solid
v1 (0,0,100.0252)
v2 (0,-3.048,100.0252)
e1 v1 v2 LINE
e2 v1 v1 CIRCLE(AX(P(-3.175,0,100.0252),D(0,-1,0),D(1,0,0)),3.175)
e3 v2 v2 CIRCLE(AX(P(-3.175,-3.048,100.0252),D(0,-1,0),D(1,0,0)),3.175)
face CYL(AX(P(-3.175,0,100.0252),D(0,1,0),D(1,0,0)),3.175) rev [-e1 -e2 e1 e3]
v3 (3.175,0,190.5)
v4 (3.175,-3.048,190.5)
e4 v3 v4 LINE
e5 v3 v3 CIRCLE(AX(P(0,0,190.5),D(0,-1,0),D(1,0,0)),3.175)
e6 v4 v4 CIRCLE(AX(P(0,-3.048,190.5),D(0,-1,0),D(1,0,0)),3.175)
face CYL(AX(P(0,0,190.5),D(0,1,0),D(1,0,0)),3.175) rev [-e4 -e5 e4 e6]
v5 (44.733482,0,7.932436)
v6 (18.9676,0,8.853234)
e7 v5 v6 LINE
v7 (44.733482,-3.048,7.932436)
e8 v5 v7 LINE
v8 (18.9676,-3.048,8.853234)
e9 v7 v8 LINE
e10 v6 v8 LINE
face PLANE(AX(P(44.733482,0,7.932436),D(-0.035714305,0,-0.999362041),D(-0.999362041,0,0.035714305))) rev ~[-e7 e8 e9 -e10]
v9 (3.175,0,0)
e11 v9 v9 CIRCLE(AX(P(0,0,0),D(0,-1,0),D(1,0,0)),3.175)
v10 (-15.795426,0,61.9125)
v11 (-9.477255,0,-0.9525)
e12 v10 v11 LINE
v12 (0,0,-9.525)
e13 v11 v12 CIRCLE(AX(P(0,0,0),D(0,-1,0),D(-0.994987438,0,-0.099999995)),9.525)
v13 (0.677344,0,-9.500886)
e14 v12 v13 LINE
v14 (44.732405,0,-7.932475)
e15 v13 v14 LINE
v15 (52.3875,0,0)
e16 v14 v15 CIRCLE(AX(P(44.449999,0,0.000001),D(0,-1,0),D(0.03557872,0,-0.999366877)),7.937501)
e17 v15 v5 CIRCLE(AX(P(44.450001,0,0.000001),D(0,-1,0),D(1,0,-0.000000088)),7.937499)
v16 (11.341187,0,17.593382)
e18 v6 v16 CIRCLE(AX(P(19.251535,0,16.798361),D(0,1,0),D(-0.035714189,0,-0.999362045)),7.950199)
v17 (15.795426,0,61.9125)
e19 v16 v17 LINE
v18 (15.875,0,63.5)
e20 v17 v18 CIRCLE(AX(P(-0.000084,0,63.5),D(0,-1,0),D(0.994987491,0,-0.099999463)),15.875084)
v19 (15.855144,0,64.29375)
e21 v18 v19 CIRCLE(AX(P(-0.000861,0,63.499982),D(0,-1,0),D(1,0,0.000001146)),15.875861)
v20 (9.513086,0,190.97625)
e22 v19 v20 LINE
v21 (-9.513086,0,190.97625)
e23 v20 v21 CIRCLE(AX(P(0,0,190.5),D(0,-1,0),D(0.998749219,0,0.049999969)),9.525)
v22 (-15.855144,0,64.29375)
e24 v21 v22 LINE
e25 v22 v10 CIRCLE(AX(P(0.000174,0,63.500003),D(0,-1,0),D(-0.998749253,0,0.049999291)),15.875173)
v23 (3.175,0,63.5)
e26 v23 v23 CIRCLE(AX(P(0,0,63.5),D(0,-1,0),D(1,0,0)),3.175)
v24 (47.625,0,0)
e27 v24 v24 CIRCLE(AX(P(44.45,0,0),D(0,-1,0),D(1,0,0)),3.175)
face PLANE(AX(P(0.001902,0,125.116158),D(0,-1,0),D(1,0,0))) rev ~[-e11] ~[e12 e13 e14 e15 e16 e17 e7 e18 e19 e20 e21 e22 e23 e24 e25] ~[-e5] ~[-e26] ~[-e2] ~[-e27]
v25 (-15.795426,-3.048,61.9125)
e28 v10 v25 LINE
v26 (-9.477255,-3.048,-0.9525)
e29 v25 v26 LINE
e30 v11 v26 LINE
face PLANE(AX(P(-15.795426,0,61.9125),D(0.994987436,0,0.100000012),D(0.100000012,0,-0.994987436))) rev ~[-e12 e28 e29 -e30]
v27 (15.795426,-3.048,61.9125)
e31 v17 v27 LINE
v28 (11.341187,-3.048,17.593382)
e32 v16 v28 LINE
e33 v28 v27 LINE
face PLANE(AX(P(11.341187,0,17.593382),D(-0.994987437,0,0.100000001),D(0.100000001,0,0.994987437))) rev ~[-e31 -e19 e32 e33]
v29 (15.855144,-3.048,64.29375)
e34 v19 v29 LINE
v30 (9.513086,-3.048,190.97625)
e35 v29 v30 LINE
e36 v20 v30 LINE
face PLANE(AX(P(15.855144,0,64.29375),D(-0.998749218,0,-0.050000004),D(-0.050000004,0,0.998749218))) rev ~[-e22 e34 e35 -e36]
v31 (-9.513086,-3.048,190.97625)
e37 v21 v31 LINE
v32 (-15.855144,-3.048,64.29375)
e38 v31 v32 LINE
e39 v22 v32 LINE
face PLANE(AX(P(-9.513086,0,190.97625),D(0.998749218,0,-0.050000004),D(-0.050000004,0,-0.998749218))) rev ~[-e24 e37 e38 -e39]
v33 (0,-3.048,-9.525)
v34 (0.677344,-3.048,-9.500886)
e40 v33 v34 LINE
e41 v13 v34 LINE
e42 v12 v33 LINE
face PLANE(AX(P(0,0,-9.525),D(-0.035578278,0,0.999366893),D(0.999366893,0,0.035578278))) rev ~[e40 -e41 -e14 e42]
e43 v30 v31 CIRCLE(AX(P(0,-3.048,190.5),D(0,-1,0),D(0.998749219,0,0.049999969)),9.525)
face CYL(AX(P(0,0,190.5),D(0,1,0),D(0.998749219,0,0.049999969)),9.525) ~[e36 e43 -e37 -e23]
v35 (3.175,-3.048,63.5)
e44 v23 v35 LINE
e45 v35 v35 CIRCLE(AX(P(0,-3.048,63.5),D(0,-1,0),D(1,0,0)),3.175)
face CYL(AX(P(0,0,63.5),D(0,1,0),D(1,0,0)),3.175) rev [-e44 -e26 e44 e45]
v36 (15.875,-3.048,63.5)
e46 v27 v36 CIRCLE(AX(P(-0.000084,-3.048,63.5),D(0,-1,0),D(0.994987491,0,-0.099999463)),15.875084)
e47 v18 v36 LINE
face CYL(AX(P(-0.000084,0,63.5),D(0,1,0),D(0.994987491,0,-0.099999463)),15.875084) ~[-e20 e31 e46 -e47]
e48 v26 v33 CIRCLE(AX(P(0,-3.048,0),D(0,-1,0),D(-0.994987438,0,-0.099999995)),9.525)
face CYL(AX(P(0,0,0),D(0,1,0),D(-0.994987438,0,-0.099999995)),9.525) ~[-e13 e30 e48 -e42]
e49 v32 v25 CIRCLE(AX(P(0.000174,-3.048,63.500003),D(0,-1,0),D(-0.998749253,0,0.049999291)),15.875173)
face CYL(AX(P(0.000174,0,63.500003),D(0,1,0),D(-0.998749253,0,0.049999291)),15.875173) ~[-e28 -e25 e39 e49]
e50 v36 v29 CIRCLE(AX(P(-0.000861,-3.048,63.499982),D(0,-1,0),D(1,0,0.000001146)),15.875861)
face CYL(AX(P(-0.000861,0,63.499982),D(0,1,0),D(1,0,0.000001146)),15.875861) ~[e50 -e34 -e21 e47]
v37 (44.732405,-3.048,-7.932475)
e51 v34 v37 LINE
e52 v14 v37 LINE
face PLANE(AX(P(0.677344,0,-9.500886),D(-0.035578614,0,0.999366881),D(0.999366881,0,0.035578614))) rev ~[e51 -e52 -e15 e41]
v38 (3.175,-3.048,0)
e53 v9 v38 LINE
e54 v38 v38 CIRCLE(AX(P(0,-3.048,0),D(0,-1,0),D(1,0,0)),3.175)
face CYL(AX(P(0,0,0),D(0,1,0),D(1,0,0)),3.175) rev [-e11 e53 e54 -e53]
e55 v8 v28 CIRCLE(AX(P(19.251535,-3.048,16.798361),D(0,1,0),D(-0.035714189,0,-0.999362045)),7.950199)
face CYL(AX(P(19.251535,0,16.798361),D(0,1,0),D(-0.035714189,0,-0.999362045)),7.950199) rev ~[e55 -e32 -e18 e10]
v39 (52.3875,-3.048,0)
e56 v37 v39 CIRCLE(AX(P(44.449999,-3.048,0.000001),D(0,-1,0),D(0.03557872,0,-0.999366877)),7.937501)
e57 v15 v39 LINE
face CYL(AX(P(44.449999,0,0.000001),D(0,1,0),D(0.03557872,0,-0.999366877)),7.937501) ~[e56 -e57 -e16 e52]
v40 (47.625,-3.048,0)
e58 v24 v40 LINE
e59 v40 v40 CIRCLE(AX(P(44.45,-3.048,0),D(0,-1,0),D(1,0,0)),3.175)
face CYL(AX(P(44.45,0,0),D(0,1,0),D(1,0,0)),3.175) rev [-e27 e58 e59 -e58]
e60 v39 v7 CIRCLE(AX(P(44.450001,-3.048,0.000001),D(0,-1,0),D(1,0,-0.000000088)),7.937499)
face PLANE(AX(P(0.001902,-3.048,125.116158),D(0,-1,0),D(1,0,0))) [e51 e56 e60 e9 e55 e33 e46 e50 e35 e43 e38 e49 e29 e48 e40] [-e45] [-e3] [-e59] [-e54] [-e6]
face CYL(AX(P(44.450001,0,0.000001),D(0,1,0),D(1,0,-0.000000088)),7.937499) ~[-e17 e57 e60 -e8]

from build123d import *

# Parameters (mm, degrees)
F0_R     = 3.175
F1_DEPTH = 3.048


with BuildPart() as f1:
    # F0 (on Front) → F1 (new body)
    with BuildSketch(Plane.XZ):
        with BuildLine():
            Line((-9.513086, 190.97625), (-15.855144, 64.29375))
            ThreePointArc((-15.855144, 64.29375), (0, 79.375), (15.855144, 64.29375))
            Line((15.855144, 64.29375), (9.513086, 190.97625))
            ThreePointArc((9.513086, 190.97625), (9.522021, 190.738199), (9.525, 190.5))
            ThreePointArc((9.525, 190.5), (-0.238199, 180.977979), (-9.513086, 190.97625))
        make_face()
        with Locations((-3.175, 100.0252)):
            Circle(F0_R, mode=Mode.SUBTRACT)
        with BuildLine():
            ThreePointArc((-9.477255, -0.9525), (-0.476848, 9.513056), (9.525, 0))
            ThreePointArc((9.525, 0), (6.970557, -6.491299), (0.677344, -9.500886))
            Line((0.677344, -9.500886), (44.732405, -7.932475))
            ThreePointArc((44.732405, -7.932475), (36.5125, 0.000539), (44.733482, 7.932436))
            Line((44.733482, 7.932436), (18.9676, 8.853234))
            ThreePointArc((18.9676, 8.853234), (13.2612, 11.571359), (11.341187, 17.593382))
            Line((11.341187, 17.593382), (15.795426, 61.9125))
            ThreePointArc((15.795426, 61.9125), (0, 47.625), (-15.795426, 61.9125))
            Line((-15.795426, 61.9125), (-9.477255, -0.9525))
        make_face()
        with BuildLine():
            ThreePointArc((-15.855144, 64.29375), (-15.87001, 63.102003), (-15.795426, 61.9125))
            ThreePointArc((-15.795426, 61.9125), (0, 47.625), (15.795426, 61.9125))
            ThreePointArc((15.795426, 61.9125), (15.855094, 62.705253), (15.875, 63.5))
            ThreePointArc((15.875, 63.5), (15.870035, 63.896999), (15.855144, 64.29375))
            ThreePointArc((15.855144, 64.29375), (0, 79.375), (-15.855144, 64.29375))
        make_face()
        with Locations((0, 63.5)):
            Circle(F0_R, mode=Mode.SUBTRACT)
        with BuildLine():
            ThreePointArc((0.677344, -9.500886), (6.970557, -6.491299), (9.525, 0))
            ThreePointArc((9.525, 0), (-0.476848, 9.513056), (-9.477255, -0.9525))
            ThreePointArc((-9.477255, -0.9525), (-6.389564, -7.063929), (0, -9.525))
            Line((0, -9.525), (0.677344, -9.500886))
        make_face()
        Circle(F0_R, mode=Mode.SUBTRACT)
        with BuildLine():
            ThreePointArc((44.733482, 7.932436), (36.5125, 0.000539), (44.732405, -7.932475))
            ThreePointArc((44.732405, -7.932475), (50.161633, -5.51191), (52.3875, 0))
            ThreePointArc((52.3875, 0), (50.162007, 5.511523), (44.733482, 7.932436))
        make_face()
        with Locations((44.45, 0)):
            Circle(F0_R, mode=Mode.SUBTRACT)
        with BuildLine():
            ThreePointArc((9.513086, 190.97625), (0, 200.025), (-9.513086, 190.97625))
            ThreePointArc((-9.513086, 190.97625), (-0.238199, 180.977979), (9.525, 190.5))
            ThreePointArc((9.525, 190.5), (9.522021, 190.738199), (9.513086, 190.97625))
        make_face()
        with Locations((0, 190.5)):
            Circle(F0_R, mode=Mode.SUBTRACT)
    extrude(amount=F1_DEPTH)


solid = f1.part
